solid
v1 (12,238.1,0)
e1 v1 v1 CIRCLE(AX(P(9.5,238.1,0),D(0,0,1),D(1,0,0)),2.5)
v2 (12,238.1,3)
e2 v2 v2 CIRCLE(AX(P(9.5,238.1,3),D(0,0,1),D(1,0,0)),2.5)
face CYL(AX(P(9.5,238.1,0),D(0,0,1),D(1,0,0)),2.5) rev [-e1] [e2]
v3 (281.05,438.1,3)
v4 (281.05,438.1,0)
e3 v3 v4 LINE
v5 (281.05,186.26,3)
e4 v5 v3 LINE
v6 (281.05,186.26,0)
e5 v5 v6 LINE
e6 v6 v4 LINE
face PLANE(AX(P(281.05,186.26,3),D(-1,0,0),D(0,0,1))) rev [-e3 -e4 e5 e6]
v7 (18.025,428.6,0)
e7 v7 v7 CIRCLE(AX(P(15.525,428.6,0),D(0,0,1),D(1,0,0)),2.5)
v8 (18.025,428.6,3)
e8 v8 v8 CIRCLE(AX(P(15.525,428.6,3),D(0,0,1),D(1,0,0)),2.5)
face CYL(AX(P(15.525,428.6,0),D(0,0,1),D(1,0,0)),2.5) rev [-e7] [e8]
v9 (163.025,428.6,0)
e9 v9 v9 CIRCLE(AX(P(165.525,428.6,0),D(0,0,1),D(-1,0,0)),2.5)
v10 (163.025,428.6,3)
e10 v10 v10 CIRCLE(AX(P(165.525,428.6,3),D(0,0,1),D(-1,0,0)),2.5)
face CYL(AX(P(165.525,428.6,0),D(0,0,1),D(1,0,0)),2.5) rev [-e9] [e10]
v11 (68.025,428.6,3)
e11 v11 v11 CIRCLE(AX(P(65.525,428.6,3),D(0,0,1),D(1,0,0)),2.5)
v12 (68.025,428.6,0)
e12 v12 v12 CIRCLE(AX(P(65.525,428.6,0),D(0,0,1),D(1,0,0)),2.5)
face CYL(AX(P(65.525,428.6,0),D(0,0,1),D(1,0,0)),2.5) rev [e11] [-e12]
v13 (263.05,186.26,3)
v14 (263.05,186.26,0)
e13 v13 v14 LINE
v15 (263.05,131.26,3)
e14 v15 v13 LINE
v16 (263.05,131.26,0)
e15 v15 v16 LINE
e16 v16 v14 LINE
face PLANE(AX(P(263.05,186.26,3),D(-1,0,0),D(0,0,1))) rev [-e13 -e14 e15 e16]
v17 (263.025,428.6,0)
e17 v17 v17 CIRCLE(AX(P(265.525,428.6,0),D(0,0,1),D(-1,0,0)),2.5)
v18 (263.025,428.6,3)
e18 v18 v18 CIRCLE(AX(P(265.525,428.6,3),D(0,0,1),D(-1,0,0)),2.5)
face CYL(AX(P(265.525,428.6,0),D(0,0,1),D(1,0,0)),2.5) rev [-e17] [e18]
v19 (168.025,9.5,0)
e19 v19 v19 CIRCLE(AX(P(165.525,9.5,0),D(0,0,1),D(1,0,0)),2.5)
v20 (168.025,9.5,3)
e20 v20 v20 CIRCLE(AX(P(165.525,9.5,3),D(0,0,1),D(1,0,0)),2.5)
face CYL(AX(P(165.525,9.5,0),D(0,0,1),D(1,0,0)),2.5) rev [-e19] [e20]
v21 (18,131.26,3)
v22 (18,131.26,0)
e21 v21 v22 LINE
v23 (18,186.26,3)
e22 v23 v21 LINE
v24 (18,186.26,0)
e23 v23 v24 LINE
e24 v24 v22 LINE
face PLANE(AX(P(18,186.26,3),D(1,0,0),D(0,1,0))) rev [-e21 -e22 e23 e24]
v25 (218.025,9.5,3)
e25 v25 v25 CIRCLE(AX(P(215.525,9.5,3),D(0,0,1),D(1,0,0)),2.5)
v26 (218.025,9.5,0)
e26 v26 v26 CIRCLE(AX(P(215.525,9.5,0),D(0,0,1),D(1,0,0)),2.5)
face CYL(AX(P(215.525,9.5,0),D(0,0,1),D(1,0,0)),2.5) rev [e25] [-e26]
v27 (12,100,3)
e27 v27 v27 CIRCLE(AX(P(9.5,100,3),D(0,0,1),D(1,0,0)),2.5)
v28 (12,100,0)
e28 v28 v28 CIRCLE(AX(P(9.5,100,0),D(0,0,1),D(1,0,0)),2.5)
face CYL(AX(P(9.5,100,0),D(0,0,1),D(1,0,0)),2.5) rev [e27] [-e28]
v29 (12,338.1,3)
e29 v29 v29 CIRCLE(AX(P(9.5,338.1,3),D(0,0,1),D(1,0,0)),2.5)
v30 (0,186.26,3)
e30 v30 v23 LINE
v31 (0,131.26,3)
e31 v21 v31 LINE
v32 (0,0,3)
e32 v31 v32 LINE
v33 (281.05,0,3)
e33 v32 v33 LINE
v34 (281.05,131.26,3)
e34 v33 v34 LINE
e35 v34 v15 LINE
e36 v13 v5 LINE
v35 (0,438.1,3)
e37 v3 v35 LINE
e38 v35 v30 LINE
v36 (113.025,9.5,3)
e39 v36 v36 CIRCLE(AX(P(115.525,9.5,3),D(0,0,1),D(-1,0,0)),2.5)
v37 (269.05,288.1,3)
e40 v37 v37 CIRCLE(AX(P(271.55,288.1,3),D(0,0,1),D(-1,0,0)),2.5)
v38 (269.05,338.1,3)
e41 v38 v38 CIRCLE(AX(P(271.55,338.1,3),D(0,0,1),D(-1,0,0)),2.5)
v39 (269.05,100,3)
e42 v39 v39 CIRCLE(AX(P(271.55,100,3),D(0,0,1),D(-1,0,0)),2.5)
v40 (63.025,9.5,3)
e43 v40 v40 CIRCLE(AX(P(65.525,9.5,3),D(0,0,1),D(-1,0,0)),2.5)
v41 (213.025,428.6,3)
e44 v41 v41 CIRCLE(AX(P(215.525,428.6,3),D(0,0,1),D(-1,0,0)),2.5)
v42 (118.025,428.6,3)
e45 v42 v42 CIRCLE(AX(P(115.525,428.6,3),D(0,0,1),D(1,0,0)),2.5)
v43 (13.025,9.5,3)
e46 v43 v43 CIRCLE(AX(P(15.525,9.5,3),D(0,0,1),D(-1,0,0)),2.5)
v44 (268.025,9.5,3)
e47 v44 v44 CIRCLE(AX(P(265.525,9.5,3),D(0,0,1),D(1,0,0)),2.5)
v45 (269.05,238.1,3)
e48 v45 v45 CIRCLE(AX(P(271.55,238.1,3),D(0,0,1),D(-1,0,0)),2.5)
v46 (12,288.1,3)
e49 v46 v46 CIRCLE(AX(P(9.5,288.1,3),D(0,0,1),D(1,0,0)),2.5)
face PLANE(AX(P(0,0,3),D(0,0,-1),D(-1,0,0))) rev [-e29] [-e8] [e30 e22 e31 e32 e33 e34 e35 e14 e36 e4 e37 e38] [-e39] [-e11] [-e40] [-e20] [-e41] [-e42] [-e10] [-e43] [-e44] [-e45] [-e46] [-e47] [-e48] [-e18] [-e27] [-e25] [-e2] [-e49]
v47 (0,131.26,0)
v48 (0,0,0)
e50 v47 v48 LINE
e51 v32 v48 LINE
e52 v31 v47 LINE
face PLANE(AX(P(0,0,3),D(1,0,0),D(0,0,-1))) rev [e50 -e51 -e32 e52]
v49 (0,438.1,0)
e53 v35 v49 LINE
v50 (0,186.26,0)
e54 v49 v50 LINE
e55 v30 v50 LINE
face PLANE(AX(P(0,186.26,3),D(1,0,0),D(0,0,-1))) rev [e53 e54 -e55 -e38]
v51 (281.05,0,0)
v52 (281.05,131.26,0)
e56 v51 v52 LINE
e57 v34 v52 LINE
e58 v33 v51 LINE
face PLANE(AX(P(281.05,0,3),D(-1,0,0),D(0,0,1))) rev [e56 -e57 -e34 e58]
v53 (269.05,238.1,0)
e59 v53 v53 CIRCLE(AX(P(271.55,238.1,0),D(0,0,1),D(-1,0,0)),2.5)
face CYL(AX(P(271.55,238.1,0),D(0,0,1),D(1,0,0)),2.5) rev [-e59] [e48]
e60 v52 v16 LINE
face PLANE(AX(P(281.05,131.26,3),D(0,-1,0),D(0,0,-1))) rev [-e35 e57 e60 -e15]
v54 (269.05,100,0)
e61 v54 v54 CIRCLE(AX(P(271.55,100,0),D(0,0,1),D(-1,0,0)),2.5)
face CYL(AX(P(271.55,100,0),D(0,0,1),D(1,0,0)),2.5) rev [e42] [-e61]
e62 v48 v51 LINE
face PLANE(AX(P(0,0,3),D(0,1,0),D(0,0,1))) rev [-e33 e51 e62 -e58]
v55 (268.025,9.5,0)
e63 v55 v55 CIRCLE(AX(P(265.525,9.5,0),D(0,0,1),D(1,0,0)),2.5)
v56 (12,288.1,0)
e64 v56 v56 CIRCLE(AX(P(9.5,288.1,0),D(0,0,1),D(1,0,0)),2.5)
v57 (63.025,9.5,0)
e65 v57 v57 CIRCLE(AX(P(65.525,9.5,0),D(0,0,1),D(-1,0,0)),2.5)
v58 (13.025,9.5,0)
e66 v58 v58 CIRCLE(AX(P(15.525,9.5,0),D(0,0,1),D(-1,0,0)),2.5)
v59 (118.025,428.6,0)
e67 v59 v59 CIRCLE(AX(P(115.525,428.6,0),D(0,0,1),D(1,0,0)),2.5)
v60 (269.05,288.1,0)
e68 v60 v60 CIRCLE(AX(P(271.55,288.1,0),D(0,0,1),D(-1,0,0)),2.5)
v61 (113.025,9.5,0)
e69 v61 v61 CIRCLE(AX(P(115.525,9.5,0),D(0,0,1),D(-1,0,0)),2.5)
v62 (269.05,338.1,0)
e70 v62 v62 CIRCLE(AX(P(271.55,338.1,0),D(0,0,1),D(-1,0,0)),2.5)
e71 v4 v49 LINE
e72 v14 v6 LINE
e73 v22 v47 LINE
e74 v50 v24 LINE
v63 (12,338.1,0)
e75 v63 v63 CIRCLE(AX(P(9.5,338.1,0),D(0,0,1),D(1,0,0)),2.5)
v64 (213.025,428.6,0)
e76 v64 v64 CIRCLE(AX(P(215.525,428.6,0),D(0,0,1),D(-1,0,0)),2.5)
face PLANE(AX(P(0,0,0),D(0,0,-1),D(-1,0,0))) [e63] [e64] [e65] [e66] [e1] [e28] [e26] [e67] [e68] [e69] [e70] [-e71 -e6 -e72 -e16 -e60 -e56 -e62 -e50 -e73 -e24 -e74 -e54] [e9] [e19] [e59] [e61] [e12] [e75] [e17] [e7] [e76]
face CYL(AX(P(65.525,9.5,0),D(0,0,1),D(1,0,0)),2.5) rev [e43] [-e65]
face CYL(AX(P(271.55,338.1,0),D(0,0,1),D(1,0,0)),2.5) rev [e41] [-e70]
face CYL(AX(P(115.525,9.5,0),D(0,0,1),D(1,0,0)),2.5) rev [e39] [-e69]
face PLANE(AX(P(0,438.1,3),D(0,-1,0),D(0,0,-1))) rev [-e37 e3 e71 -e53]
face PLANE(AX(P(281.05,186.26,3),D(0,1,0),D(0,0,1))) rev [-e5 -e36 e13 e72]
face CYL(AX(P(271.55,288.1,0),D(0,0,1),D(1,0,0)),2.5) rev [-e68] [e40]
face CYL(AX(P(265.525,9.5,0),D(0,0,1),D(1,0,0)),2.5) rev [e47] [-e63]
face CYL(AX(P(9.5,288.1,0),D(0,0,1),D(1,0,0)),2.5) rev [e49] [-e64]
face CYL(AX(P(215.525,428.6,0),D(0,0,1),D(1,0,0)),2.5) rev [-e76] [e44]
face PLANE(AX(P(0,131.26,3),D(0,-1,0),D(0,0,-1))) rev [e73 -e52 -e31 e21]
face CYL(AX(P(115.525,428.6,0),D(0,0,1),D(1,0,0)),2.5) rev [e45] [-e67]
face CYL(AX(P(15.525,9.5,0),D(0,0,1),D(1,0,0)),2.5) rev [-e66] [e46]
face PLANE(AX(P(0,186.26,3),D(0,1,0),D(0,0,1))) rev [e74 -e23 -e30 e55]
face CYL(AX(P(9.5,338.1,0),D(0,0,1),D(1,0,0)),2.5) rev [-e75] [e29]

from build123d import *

# Parameters (mm, degrees)
BOSS_EXTRUDE1_DEPTH = 3
SKETCH3_R           = 2.5
CUT_EXTRUDE1_DEPTH  = 4


with BuildPart() as part:
    # Sketch1 → Boss-Extrude1 (new body)
    with BuildSketch(Plane.XY):
        Polygon((0, 186.26), (0, 438.1), (281.05, 438.1), (281.05, 186.26), (263.05, 186.26), (263.05, 131.26), (281.05, 131.26), (281.05, 0), (0, 0), (0, 131.26), (18, 131.26), (18, 186.26), align=None)
    extrude(amount=BOSS_EXTRUDE1_DEPTH)

    # Sketch3 → Cut-Extrude1 (cut, through all)
    with BuildSketch(Plane.XY.offset(3)):
        with Locations((65.525, 428.6)):
            Circle(SKETCH3_R)
        with Locations((115.525, 428.6)):
            Circle(SKETCH3_R)
        with Locations((15.525, 428.6)):
            Circle(SKETCH3_R)
        with Locations((265.525, 428.6)):
            Circle(SKETCH3_R)
        with Locations((165.525, 428.6)):
            Circle(SKETCH3_R)
        with Locations((215.525, 428.6)):
            Circle(SKETCH3_R)
        with Locations((215.525, 9.5)):
            Circle(SKETCH3_R)
        with Locations((165.525, 9.5)):
            Circle(SKETCH3_R)
        with Locations((265.525, 9.5)):
            Circle(SKETCH3_R)
        with Locations((15.525, 9.5)):
            Circle(SKETCH3_R)
        with Locations((115.525, 9.5)):
            Circle(SKETCH3_R)
        with Locations((65.525, 9.5)):
            Circle(SKETCH3_R)
        with Locations((9.5, 338.1)):
            Circle(SKETCH3_R)
        with Locations((9.5, 288.1)):
            Circle(SKETCH3_R)
        with Locations((9.5, 238.1)):
            Circle(SKETCH3_R)
        with Locations((9.5, 100)):
            Circle(SKETCH3_R)
        with Locations((271.55, 100)):
            Circle(SKETCH3_R)
        with Locations((271.55, 238.1)):
            Circle(SKETCH3_R)
        with Locations((271.55, 288.1)):
            Circle(SKETCH3_R)
        with Locations((271.55, 338.1)):
            Circle(SKETCH3_R)
    extrude(amount=-CUT_EXTRUDE1_DEPTH, mode=Mode.SUBTRACT)


solid = part.part
